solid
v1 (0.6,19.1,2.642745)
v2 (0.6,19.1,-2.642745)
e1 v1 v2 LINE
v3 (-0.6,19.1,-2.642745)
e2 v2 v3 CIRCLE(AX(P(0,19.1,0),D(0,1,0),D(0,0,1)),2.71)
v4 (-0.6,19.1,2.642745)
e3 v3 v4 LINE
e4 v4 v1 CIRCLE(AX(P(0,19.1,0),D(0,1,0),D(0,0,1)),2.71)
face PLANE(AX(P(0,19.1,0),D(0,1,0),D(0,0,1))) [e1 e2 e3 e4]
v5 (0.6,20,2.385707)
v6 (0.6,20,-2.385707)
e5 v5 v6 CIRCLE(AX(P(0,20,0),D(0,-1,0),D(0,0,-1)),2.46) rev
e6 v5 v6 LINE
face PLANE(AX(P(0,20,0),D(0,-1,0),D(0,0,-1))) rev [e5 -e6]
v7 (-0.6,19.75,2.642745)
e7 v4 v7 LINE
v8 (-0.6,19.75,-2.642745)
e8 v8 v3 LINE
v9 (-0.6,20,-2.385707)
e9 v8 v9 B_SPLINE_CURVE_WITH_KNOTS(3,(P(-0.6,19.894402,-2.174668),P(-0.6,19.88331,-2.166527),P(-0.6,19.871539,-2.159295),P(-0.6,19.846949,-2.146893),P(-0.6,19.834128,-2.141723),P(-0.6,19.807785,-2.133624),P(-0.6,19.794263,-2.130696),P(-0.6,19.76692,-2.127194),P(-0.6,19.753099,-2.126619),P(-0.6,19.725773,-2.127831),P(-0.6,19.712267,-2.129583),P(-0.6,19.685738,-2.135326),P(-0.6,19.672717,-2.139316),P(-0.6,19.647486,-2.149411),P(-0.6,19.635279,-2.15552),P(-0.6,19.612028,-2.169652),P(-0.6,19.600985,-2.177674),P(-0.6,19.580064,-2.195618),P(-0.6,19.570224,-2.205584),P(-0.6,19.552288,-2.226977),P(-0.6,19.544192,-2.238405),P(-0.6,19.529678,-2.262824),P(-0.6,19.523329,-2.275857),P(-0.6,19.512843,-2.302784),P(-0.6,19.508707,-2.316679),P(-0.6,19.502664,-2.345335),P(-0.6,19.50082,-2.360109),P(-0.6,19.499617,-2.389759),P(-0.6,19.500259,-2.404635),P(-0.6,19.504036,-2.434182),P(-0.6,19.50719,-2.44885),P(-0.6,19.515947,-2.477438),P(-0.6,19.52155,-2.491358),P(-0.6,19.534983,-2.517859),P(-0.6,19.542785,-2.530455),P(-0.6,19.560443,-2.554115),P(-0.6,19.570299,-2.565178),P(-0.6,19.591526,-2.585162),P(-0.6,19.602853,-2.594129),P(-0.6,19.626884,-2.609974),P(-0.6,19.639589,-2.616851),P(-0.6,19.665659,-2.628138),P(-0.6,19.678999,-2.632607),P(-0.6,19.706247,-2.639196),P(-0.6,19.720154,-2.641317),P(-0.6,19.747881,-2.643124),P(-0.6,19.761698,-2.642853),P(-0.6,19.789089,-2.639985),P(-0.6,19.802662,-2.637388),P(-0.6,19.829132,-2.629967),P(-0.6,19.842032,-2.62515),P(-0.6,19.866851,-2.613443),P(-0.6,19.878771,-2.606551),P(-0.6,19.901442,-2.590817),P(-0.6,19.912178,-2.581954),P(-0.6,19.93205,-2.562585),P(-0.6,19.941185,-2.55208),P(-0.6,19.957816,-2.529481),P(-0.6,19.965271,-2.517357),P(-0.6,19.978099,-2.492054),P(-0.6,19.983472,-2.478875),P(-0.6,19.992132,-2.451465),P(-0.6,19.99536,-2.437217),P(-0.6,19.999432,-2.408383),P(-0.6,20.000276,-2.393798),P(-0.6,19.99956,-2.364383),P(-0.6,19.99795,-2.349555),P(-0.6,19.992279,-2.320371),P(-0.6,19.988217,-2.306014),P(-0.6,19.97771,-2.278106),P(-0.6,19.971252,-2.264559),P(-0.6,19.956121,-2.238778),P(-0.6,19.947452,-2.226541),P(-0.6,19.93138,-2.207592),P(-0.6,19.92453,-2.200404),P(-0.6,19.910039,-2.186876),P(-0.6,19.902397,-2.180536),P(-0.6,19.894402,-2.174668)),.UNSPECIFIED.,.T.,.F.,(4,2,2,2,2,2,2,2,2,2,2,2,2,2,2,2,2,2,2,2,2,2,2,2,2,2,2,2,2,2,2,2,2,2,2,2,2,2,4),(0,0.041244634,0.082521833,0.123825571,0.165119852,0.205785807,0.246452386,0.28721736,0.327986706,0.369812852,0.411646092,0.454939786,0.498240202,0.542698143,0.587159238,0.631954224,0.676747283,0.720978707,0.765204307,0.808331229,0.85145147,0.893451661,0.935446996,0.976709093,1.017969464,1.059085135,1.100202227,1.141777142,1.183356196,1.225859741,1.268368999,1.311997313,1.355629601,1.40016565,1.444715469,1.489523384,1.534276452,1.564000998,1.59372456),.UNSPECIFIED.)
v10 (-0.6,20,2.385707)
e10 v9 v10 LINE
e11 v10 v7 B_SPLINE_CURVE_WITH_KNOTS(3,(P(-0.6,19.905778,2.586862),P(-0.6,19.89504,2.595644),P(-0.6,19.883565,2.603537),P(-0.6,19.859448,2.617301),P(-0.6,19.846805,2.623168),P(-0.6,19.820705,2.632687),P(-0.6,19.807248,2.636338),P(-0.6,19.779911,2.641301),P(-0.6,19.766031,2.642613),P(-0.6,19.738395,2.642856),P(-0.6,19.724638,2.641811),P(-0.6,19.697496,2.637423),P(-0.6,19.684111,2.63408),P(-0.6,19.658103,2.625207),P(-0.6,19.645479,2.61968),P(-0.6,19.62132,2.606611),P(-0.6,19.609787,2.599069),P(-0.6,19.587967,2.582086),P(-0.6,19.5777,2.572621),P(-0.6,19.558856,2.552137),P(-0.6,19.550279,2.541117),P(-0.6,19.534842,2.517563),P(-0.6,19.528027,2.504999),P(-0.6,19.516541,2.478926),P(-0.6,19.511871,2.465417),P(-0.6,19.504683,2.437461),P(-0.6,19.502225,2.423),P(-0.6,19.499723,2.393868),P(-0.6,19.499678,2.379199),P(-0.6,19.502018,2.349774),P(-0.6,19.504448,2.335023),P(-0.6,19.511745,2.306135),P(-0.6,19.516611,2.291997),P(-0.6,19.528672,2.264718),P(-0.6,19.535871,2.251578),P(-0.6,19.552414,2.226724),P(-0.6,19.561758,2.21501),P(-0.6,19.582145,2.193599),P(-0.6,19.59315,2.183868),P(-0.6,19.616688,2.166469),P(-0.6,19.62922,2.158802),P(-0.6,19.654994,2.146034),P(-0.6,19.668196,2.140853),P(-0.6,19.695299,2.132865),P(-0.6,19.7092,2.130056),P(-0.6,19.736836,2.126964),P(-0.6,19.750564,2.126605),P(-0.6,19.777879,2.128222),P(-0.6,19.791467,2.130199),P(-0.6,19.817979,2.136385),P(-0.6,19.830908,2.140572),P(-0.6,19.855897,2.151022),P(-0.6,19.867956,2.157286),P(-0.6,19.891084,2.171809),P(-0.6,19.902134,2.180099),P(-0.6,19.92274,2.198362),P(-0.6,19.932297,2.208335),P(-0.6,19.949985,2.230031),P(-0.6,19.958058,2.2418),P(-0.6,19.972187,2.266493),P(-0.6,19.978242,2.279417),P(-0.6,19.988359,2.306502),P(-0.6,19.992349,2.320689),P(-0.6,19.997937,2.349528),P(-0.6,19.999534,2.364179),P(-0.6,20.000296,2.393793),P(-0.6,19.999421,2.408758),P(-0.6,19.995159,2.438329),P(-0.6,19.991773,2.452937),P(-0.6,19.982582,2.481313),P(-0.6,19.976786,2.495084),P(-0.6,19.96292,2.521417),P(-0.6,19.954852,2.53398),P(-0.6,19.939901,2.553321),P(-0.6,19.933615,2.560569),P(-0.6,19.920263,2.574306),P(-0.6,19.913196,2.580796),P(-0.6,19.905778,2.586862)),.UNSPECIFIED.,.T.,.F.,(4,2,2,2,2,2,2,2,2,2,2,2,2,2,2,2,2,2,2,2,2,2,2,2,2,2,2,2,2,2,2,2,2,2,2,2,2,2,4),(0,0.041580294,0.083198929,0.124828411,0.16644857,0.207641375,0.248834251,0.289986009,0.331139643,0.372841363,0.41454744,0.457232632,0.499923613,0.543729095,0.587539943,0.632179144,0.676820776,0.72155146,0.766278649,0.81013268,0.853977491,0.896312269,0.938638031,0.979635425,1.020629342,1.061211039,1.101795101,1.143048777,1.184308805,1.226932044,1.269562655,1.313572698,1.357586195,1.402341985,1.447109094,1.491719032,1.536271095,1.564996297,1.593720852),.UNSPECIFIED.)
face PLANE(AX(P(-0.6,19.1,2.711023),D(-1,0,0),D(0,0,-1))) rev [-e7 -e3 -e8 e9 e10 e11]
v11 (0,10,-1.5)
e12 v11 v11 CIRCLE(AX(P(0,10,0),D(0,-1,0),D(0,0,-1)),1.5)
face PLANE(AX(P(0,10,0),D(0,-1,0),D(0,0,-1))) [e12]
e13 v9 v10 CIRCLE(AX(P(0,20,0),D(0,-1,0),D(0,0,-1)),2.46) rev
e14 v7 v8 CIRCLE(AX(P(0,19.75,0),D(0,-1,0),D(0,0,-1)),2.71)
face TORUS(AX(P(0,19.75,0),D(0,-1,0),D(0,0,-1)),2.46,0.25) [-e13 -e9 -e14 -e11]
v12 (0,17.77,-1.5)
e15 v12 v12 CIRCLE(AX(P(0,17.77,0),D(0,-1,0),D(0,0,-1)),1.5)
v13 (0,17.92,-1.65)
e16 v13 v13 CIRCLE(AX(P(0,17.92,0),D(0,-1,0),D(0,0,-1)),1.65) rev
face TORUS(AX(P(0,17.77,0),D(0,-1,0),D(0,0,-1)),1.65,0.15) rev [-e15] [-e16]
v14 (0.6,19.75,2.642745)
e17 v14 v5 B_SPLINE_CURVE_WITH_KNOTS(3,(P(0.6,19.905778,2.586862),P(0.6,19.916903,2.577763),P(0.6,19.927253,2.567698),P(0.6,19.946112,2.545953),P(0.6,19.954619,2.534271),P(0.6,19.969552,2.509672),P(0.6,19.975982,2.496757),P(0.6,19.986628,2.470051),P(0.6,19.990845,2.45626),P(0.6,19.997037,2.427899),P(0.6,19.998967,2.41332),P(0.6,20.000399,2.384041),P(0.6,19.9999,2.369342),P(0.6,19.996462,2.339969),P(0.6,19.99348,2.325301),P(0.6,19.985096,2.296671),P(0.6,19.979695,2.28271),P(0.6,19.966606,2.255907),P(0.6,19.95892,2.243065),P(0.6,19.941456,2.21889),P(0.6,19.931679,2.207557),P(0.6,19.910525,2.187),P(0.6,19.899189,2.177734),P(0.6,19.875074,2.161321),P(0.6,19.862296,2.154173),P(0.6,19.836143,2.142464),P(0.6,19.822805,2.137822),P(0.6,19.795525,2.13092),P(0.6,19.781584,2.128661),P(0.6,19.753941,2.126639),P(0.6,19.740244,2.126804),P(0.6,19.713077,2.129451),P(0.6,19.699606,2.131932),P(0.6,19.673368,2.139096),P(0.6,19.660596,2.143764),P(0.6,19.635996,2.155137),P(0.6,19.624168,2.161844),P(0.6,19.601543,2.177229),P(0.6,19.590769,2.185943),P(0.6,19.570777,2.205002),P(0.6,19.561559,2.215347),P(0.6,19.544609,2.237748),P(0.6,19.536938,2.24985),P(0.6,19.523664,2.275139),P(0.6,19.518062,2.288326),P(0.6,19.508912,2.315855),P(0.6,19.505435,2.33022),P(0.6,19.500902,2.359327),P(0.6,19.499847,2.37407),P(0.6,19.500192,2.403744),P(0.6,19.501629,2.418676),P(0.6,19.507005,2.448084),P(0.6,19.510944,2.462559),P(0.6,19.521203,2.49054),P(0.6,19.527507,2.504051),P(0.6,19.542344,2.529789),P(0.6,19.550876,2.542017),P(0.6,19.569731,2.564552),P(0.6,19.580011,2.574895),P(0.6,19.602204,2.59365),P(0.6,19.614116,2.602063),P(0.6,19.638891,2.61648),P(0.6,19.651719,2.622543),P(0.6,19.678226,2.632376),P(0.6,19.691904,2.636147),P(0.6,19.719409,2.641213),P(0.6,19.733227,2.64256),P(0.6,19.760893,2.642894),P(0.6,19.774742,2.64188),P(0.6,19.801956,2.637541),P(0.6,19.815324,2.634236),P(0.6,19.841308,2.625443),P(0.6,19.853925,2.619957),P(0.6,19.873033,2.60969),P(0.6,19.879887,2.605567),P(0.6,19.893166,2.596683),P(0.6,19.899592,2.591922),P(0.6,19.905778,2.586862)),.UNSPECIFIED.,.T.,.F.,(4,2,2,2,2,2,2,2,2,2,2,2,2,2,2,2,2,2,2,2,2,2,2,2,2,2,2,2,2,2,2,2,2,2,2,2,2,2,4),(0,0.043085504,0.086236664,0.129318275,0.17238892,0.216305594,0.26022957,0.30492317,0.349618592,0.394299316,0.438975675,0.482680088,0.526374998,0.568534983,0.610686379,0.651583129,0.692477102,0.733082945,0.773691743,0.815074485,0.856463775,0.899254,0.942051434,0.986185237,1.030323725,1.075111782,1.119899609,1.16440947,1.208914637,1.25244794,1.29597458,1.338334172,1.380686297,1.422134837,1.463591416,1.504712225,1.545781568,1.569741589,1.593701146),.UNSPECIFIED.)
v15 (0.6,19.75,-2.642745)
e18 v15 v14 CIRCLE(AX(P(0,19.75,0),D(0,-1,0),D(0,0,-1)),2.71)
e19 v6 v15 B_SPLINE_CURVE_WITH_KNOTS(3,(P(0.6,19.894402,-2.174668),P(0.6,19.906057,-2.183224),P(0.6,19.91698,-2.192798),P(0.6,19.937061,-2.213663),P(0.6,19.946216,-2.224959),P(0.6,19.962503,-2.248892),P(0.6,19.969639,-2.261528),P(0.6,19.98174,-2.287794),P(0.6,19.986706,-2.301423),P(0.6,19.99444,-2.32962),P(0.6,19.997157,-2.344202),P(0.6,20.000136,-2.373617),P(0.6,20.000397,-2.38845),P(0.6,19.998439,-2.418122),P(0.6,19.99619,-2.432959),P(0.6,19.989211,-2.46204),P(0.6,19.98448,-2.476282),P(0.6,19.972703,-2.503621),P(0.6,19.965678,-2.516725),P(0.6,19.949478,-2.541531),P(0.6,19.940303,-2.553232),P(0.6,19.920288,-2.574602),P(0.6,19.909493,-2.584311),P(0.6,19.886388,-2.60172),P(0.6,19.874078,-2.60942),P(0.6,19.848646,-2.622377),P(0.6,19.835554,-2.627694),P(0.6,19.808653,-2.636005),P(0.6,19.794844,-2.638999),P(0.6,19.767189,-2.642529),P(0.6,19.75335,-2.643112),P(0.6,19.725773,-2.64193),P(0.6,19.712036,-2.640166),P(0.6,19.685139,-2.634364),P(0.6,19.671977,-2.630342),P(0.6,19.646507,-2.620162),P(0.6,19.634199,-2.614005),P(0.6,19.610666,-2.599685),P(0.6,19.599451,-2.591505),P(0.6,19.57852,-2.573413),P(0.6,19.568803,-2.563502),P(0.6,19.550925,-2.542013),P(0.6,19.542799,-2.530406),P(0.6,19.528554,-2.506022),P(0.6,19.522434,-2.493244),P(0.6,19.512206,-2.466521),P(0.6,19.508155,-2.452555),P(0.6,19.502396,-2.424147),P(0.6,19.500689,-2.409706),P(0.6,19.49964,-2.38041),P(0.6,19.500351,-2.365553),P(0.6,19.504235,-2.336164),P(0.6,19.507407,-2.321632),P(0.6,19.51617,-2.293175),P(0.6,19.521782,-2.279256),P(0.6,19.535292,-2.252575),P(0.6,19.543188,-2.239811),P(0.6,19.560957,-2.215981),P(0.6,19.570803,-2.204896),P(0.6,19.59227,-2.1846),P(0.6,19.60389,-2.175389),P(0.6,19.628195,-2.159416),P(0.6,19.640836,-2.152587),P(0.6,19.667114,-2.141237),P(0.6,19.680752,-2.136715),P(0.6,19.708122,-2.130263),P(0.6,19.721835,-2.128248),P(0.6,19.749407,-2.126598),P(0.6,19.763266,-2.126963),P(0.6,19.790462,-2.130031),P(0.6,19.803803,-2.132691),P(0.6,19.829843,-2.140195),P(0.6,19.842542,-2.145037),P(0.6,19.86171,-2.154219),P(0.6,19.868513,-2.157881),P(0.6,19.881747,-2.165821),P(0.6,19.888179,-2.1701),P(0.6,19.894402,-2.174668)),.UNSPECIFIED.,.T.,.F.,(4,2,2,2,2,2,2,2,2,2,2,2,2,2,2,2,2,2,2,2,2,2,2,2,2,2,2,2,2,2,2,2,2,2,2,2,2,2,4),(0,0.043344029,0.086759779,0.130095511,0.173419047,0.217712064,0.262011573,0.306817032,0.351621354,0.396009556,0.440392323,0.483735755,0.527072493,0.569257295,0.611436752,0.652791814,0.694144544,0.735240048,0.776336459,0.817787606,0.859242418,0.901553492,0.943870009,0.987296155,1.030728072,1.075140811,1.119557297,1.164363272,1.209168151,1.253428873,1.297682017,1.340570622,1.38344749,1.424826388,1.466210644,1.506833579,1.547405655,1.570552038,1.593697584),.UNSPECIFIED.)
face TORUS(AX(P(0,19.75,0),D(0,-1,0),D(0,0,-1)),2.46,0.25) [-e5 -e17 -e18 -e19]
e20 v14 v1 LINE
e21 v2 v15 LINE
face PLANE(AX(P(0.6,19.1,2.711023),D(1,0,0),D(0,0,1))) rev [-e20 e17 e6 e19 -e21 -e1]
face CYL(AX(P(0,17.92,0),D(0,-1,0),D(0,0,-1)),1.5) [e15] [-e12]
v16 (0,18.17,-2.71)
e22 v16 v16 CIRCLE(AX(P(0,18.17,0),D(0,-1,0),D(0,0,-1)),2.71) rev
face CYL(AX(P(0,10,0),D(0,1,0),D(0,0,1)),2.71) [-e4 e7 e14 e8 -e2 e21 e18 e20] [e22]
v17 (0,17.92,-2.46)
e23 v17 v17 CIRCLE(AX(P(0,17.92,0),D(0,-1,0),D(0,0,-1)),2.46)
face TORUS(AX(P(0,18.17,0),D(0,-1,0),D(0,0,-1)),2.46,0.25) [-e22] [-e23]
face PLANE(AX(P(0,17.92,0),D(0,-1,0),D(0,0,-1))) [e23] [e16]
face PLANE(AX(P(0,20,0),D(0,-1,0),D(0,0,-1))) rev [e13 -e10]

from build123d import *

# Parameters (mm, degrees)
SKETCH1_R             = 2.71
BOSS_EXTRUDE1_DEPTH   = 10
SKETCH2_OUTSIDE_W     = 9.94
SKETCH2_OUTSIDE_H     = 9.94
SKETCH2_OUTSIDE_R     = 1.5
CUT_EXTRUDE1_DEPTH    = 7.92
FILLET1_R             = 0.25
FILLET2_R             = 0.15
SKETCH3_W             = 1.2
SKETCH3_H             = 5.422046684
CUT_EXTRUDE2_DEPTH    = 0.9
BODY_MOVE_COPY1_ANGLE = 180


with BuildPart() as part:
    # Sketch1 → Boss-Extrude1 (new body)
    with BuildSketch(Plane(origin=(0, 0, 0), x_dir=(1, 0, 0), z_dir=(0, 1, 0))):
        with Locations(Location((0, 0, 0), (0, 0, 270))):
            Circle(SKETCH1_R)
    extrude(amount=BOSS_EXTRUDE1_DEPTH)

    # Sketch2 outside → Cut-Extrude1 (cut)
    with BuildSketch(Plane(origin=(0, 10, 0), x_dir=(1, 0, 0), z_dir=(0, 1, 0))):
        Rectangle(SKETCH2_OUTSIDE_W, SKETCH2_OUTSIDE_H)
        with Locations(Location((0, 0, 0), (0, 0, 270))):
            Circle(SKETCH2_OUTSIDE_R, mode=Mode.SUBTRACT)
    extrude(amount=-CUT_EXTRUDE1_DEPTH, mode=Mode.SUBTRACT)

    # Fillet1
    fillet1_edges = [part.edges().sort_by_distance(p)[0] for p in [
        (0, 0, -2.71),
        (0, 2.08, -2.71),
    ]]
    fillet(fillet1_edges, radius=FILLET1_R)

    # Fillet2
    fillet2_edges = [part.edges().sort_by_distance(p)[0] for p in [
        (0, 2.08, -1.5),
    ]]
    fillet(fillet2_edges, radius=FILLET2_R)

    # Sketch3 → Cut-Extrude2 (cut)
    with BuildSketch(Plane.XZ):
        Rectangle(SKETCH3_W, SKETCH3_H)
    extrude(amount=-CUT_EXTRUDE2_DEPTH, mode=Mode.SUBTRACT)


with BuildPart() as part_1:
    # Body-Move/Copy1: moved
    add(part.part.rotate(Axis((0, 10, 0), (1, 0, 0)), BODY_MOVE_COPY1_ANGLE))


solid = part_1.part
